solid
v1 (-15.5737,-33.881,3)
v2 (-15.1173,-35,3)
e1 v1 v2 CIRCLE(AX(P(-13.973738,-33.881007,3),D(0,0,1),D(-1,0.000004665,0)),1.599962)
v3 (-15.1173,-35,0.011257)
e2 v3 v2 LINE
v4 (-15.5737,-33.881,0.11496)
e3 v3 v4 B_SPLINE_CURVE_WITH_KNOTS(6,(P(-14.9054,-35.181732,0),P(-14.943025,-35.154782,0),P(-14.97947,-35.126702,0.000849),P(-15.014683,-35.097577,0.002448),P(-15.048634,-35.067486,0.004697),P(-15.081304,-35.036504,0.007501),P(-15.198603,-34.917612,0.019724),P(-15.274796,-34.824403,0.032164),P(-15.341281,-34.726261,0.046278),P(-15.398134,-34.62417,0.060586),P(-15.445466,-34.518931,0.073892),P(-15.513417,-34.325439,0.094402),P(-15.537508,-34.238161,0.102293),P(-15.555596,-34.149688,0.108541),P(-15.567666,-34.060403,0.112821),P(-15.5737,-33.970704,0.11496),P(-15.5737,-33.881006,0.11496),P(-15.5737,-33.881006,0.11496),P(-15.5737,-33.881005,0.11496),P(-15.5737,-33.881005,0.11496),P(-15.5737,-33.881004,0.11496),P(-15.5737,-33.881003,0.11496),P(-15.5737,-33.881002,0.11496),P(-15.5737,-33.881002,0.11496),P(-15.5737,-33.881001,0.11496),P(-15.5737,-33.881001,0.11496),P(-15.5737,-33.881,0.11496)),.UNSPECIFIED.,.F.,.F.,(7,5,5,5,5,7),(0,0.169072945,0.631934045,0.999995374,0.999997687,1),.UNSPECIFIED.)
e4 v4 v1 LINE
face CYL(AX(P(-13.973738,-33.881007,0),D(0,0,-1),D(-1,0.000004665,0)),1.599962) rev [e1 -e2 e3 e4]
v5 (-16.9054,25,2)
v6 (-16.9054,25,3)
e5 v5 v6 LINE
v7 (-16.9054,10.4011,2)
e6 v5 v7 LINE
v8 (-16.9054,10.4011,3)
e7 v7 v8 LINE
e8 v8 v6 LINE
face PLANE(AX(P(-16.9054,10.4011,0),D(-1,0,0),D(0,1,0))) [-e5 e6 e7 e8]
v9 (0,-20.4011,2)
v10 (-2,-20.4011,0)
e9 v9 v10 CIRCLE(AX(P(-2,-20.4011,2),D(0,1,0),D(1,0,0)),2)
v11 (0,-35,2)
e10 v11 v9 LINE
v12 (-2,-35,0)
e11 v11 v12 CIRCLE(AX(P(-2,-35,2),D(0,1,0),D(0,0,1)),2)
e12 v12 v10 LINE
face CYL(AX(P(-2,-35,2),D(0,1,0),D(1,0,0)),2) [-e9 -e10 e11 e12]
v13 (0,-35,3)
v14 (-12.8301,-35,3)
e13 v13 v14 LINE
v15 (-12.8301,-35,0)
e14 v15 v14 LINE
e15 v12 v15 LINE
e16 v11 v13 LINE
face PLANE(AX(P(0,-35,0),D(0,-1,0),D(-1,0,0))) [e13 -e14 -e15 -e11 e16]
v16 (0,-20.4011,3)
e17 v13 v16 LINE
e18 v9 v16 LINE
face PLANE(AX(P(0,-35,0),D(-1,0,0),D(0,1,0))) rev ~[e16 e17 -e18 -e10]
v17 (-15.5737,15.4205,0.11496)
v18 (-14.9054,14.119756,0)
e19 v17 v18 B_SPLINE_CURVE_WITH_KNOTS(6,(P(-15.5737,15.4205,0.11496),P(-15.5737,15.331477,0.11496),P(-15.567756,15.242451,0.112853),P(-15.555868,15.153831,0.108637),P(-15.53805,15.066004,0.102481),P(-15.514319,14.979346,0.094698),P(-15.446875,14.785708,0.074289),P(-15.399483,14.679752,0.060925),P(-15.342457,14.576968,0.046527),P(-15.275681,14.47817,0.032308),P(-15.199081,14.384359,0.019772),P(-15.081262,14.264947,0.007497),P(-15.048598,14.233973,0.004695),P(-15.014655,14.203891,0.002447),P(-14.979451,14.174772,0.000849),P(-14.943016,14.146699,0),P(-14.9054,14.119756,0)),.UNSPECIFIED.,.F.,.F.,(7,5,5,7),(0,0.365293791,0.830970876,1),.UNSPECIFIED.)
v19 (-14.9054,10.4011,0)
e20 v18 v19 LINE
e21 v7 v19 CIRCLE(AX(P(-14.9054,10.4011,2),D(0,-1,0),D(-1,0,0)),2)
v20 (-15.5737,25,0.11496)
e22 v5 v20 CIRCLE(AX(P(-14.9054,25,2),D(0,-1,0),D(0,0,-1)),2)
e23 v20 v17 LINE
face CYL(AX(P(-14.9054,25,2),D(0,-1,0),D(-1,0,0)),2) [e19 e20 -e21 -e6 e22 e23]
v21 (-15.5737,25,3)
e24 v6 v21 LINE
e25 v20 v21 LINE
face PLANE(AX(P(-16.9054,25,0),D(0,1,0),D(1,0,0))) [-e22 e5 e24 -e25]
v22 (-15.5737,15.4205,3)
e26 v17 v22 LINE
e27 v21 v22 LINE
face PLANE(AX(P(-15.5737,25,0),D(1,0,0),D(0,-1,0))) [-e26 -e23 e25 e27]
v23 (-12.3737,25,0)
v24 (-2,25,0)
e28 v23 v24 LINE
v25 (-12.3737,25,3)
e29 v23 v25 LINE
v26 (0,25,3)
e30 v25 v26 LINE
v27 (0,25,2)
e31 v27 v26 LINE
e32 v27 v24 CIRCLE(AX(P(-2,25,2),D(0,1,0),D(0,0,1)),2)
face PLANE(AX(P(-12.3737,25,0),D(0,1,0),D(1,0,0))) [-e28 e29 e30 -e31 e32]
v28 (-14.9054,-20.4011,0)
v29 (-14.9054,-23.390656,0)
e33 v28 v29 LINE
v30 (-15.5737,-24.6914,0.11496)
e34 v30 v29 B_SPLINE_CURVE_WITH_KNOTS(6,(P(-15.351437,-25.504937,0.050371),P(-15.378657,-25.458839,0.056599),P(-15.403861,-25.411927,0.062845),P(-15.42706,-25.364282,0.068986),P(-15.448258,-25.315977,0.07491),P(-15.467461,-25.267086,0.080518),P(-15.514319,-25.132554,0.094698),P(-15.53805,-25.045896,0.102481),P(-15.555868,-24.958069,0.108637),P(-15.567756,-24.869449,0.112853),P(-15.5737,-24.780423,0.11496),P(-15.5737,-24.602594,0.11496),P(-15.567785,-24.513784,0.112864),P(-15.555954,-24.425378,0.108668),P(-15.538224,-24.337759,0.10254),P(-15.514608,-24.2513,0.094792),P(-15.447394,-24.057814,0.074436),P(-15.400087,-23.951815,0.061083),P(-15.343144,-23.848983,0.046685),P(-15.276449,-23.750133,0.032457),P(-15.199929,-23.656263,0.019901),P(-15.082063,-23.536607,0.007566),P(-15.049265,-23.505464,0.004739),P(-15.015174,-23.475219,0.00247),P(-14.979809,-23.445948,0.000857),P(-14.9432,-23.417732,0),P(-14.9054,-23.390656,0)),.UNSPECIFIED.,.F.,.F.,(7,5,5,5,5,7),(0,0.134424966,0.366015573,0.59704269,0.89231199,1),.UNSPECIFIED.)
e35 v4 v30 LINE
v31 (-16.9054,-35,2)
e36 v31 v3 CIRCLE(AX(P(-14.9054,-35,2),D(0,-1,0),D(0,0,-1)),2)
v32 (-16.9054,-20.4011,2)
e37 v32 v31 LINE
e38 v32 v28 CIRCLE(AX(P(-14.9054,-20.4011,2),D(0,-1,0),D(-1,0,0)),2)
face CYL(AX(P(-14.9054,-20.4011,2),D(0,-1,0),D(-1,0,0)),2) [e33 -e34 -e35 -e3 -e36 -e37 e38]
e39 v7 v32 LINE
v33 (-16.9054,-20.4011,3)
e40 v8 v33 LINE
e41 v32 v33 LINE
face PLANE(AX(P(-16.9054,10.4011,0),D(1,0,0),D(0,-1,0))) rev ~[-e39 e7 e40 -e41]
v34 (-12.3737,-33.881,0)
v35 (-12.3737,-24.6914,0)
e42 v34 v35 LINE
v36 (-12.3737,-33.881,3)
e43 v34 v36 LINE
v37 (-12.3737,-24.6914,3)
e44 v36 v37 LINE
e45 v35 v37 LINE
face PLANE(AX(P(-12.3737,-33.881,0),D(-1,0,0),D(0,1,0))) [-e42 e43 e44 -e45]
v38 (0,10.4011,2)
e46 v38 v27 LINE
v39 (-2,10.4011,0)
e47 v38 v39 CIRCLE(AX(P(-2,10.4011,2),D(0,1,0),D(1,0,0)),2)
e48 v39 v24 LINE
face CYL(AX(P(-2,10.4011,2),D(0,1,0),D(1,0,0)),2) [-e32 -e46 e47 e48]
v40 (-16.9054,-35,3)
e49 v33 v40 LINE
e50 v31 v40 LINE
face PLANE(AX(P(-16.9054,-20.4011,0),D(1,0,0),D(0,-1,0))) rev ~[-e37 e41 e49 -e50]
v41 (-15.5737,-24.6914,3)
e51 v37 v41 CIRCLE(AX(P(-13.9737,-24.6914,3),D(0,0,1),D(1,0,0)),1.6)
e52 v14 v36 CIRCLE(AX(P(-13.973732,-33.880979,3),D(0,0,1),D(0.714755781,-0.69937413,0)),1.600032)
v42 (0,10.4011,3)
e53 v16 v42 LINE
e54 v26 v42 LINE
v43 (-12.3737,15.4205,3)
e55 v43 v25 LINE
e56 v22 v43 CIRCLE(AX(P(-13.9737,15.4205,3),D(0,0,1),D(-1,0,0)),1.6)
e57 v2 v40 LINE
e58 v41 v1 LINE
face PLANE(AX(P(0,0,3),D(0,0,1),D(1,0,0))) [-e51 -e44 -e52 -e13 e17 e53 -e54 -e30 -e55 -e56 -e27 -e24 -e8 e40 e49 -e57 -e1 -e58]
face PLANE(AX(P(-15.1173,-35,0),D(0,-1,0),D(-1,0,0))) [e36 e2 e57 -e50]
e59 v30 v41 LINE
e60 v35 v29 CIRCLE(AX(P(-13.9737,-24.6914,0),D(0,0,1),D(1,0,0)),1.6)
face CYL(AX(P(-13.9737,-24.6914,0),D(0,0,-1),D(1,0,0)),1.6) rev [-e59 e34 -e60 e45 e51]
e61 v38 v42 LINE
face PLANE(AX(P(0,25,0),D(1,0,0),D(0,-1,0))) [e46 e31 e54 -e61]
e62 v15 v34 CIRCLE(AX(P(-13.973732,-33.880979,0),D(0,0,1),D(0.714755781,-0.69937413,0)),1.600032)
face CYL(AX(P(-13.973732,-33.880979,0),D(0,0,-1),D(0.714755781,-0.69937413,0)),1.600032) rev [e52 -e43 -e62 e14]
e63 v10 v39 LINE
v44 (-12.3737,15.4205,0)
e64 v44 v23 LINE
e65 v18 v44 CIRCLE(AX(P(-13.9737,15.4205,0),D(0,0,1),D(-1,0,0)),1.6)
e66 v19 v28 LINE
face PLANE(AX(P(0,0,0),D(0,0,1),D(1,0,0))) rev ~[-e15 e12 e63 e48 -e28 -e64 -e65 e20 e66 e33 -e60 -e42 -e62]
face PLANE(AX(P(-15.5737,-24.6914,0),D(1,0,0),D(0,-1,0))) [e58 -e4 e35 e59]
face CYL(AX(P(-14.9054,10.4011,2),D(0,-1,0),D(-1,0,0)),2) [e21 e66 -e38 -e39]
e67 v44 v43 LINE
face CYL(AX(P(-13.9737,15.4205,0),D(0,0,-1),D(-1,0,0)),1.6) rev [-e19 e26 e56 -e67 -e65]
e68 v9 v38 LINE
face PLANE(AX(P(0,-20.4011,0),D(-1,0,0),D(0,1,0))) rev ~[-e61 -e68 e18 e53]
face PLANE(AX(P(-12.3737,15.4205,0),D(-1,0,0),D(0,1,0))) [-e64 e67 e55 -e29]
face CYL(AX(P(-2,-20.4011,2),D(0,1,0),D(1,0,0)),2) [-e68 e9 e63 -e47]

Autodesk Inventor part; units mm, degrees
ref_plane "YZ Plane" through (0, 0, 0) normal (1, 0, 0) x (0, 1, 0)
ref_plane "XZ Plane" through (0, 0, 0) normal (0, 1, 0) x (-1, 0, 0)
ref_plane "XY Plane" through (0, 0, 0) normal (0, 0, 1) x (1, 0, 0)
sketch "Skizze1" plane through (0, 0, 0) normal (0, 0, 1) x (1, 0, 0)
  line L0 (-16.9054, -20.4011) -> (0, -20.4011) construction
  line L1 (-16.9054, -20.4011) -> (-16.9054, -35) projected
  line L2 (-16.9054, -35) -> (0, -35) construction
  line L3 (0, -35) -> (0, -20.4011) projected
  line L4 (-16.9054, 10.4011) -> (0, 10.4011) construction
  line L5 (0, 25) -> (0, 10.4011) projected
  line L6 (-16.9054, 25) -> (0, 25) projected
  line L7 (-16.9054, 10.4011) -> (-16.9054, 25) projected
  circle A0 centre (-13.9737, 15.4205) radius 1.6 construction
  circle A1 centre (-13.9737, 21.411) radius 1.6 construction
  line L8 (0, -35) -> (0, 25)
  line L9 (-16.9054, 25) -> (-16.9054, -35)
  circle A2 centre (-13.9737, -33.881) radius 1.6 construction
  circle A3 centre (-13.9737, -27.8905) radius 1.6 construction
  line L10 (-3.735, -37.47) -> (-3.735, -22.8711) construction
  line L11 (-14.7766, -37.47) -> (-3.735, -37.47) construction
  spline S0 degree 3 poles (-16.9054, -39.47) (-16.9054, -39.2281) (-16.8461, -38.944) (-16.6519, -38.4921) (-16.4798, -38.2465) (-16.1125, -37.8931) (-15.8497, -37.7256) (-15.3599, -37.53) (-15.0443, -37.47) (-14.7766, -37.47) knots 0.305429 0.305429 0.305429 0.305429 0.377993 0.377993 0.452976 0.452976 0.530897 0.530897 0.6112 0.6112 0.6112 0.6112 construction
  line L12 (-16.9054, -22.8711) -> (-16.9054, -39.47) construction
  line L13 (-16.9054, -22.8711) -> (-3.735, -22.8711) construction
  line L14 (-16.9054, 25) -> (-16.9054, -35)
  line L15 (0, -35) -> (0, 25)
  line L16 (-13.9737, 15.4205) -> (-13.9737, 25) construction
  line L17 (-12.3737, 15.4205) -> (-12.3737, 25)
  line L18 (-15.5737, 25) -> (-15.5737, 15.4205)
  arc A4 (-15.5737, 15.4205) -> (-12.3737, 15.4205) centre (-13.9737, 15.4205) ccw
  line L19 (-13.9737, -33.881) -> (-13.9737, -24.6914) construction
  line L20 (-12.3737, -33.881) -> (-12.3737, -24.6914)
  line L21 (-15.5737, -24.6914) -> (-15.5737, -33.881)
  arc A5 (-12.3737, -24.6914) -> (-15.5737, -24.6914) centre (-13.9737, -24.6914) ccw
  arc A6 (-15.5737, -33.881) -> (-15.1173, -35) centre (-13.9737, -33.881) ccw
  arc A7 (-12.8301, -35) -> (-12.3737, -33.881) centre (-13.9737, -33.881) ccw
  line L22 (0, 25) -> (-12.3737, 25)
  line L23 (-15.5737, 25) -> (-16.9054, 25)
  line L24 (0, 25) -> (-12.3737, 25)
  line L25 (-15.5737, 25) -> (-16.9054, 25)
  line L26 (0, -35) -> (-12.8301, -35)
  line L27 (-15.1173, -35) -> (-16.9054, -35)
  point P0 (0, 0)
  point P1 (-16.9054, -37.3)
  point P2 (-13.9737, 20.2103)
  point P3 (-13.9737, -29.2862)
  dimension "d7" = 3.2
extrude "Extrusion3" add sketch "Skizze1" along normal blind 3 contours L9 L7 L6 L18 A4 L17 L5 L8 L3 L26 A7 L20 A5 L21 A6 L27 L1
fillet "Rundung2" radius 2 2 edges at (0, -5, 0) (-16.9054, -5, 0)
properties part number "Belt_bridge"
